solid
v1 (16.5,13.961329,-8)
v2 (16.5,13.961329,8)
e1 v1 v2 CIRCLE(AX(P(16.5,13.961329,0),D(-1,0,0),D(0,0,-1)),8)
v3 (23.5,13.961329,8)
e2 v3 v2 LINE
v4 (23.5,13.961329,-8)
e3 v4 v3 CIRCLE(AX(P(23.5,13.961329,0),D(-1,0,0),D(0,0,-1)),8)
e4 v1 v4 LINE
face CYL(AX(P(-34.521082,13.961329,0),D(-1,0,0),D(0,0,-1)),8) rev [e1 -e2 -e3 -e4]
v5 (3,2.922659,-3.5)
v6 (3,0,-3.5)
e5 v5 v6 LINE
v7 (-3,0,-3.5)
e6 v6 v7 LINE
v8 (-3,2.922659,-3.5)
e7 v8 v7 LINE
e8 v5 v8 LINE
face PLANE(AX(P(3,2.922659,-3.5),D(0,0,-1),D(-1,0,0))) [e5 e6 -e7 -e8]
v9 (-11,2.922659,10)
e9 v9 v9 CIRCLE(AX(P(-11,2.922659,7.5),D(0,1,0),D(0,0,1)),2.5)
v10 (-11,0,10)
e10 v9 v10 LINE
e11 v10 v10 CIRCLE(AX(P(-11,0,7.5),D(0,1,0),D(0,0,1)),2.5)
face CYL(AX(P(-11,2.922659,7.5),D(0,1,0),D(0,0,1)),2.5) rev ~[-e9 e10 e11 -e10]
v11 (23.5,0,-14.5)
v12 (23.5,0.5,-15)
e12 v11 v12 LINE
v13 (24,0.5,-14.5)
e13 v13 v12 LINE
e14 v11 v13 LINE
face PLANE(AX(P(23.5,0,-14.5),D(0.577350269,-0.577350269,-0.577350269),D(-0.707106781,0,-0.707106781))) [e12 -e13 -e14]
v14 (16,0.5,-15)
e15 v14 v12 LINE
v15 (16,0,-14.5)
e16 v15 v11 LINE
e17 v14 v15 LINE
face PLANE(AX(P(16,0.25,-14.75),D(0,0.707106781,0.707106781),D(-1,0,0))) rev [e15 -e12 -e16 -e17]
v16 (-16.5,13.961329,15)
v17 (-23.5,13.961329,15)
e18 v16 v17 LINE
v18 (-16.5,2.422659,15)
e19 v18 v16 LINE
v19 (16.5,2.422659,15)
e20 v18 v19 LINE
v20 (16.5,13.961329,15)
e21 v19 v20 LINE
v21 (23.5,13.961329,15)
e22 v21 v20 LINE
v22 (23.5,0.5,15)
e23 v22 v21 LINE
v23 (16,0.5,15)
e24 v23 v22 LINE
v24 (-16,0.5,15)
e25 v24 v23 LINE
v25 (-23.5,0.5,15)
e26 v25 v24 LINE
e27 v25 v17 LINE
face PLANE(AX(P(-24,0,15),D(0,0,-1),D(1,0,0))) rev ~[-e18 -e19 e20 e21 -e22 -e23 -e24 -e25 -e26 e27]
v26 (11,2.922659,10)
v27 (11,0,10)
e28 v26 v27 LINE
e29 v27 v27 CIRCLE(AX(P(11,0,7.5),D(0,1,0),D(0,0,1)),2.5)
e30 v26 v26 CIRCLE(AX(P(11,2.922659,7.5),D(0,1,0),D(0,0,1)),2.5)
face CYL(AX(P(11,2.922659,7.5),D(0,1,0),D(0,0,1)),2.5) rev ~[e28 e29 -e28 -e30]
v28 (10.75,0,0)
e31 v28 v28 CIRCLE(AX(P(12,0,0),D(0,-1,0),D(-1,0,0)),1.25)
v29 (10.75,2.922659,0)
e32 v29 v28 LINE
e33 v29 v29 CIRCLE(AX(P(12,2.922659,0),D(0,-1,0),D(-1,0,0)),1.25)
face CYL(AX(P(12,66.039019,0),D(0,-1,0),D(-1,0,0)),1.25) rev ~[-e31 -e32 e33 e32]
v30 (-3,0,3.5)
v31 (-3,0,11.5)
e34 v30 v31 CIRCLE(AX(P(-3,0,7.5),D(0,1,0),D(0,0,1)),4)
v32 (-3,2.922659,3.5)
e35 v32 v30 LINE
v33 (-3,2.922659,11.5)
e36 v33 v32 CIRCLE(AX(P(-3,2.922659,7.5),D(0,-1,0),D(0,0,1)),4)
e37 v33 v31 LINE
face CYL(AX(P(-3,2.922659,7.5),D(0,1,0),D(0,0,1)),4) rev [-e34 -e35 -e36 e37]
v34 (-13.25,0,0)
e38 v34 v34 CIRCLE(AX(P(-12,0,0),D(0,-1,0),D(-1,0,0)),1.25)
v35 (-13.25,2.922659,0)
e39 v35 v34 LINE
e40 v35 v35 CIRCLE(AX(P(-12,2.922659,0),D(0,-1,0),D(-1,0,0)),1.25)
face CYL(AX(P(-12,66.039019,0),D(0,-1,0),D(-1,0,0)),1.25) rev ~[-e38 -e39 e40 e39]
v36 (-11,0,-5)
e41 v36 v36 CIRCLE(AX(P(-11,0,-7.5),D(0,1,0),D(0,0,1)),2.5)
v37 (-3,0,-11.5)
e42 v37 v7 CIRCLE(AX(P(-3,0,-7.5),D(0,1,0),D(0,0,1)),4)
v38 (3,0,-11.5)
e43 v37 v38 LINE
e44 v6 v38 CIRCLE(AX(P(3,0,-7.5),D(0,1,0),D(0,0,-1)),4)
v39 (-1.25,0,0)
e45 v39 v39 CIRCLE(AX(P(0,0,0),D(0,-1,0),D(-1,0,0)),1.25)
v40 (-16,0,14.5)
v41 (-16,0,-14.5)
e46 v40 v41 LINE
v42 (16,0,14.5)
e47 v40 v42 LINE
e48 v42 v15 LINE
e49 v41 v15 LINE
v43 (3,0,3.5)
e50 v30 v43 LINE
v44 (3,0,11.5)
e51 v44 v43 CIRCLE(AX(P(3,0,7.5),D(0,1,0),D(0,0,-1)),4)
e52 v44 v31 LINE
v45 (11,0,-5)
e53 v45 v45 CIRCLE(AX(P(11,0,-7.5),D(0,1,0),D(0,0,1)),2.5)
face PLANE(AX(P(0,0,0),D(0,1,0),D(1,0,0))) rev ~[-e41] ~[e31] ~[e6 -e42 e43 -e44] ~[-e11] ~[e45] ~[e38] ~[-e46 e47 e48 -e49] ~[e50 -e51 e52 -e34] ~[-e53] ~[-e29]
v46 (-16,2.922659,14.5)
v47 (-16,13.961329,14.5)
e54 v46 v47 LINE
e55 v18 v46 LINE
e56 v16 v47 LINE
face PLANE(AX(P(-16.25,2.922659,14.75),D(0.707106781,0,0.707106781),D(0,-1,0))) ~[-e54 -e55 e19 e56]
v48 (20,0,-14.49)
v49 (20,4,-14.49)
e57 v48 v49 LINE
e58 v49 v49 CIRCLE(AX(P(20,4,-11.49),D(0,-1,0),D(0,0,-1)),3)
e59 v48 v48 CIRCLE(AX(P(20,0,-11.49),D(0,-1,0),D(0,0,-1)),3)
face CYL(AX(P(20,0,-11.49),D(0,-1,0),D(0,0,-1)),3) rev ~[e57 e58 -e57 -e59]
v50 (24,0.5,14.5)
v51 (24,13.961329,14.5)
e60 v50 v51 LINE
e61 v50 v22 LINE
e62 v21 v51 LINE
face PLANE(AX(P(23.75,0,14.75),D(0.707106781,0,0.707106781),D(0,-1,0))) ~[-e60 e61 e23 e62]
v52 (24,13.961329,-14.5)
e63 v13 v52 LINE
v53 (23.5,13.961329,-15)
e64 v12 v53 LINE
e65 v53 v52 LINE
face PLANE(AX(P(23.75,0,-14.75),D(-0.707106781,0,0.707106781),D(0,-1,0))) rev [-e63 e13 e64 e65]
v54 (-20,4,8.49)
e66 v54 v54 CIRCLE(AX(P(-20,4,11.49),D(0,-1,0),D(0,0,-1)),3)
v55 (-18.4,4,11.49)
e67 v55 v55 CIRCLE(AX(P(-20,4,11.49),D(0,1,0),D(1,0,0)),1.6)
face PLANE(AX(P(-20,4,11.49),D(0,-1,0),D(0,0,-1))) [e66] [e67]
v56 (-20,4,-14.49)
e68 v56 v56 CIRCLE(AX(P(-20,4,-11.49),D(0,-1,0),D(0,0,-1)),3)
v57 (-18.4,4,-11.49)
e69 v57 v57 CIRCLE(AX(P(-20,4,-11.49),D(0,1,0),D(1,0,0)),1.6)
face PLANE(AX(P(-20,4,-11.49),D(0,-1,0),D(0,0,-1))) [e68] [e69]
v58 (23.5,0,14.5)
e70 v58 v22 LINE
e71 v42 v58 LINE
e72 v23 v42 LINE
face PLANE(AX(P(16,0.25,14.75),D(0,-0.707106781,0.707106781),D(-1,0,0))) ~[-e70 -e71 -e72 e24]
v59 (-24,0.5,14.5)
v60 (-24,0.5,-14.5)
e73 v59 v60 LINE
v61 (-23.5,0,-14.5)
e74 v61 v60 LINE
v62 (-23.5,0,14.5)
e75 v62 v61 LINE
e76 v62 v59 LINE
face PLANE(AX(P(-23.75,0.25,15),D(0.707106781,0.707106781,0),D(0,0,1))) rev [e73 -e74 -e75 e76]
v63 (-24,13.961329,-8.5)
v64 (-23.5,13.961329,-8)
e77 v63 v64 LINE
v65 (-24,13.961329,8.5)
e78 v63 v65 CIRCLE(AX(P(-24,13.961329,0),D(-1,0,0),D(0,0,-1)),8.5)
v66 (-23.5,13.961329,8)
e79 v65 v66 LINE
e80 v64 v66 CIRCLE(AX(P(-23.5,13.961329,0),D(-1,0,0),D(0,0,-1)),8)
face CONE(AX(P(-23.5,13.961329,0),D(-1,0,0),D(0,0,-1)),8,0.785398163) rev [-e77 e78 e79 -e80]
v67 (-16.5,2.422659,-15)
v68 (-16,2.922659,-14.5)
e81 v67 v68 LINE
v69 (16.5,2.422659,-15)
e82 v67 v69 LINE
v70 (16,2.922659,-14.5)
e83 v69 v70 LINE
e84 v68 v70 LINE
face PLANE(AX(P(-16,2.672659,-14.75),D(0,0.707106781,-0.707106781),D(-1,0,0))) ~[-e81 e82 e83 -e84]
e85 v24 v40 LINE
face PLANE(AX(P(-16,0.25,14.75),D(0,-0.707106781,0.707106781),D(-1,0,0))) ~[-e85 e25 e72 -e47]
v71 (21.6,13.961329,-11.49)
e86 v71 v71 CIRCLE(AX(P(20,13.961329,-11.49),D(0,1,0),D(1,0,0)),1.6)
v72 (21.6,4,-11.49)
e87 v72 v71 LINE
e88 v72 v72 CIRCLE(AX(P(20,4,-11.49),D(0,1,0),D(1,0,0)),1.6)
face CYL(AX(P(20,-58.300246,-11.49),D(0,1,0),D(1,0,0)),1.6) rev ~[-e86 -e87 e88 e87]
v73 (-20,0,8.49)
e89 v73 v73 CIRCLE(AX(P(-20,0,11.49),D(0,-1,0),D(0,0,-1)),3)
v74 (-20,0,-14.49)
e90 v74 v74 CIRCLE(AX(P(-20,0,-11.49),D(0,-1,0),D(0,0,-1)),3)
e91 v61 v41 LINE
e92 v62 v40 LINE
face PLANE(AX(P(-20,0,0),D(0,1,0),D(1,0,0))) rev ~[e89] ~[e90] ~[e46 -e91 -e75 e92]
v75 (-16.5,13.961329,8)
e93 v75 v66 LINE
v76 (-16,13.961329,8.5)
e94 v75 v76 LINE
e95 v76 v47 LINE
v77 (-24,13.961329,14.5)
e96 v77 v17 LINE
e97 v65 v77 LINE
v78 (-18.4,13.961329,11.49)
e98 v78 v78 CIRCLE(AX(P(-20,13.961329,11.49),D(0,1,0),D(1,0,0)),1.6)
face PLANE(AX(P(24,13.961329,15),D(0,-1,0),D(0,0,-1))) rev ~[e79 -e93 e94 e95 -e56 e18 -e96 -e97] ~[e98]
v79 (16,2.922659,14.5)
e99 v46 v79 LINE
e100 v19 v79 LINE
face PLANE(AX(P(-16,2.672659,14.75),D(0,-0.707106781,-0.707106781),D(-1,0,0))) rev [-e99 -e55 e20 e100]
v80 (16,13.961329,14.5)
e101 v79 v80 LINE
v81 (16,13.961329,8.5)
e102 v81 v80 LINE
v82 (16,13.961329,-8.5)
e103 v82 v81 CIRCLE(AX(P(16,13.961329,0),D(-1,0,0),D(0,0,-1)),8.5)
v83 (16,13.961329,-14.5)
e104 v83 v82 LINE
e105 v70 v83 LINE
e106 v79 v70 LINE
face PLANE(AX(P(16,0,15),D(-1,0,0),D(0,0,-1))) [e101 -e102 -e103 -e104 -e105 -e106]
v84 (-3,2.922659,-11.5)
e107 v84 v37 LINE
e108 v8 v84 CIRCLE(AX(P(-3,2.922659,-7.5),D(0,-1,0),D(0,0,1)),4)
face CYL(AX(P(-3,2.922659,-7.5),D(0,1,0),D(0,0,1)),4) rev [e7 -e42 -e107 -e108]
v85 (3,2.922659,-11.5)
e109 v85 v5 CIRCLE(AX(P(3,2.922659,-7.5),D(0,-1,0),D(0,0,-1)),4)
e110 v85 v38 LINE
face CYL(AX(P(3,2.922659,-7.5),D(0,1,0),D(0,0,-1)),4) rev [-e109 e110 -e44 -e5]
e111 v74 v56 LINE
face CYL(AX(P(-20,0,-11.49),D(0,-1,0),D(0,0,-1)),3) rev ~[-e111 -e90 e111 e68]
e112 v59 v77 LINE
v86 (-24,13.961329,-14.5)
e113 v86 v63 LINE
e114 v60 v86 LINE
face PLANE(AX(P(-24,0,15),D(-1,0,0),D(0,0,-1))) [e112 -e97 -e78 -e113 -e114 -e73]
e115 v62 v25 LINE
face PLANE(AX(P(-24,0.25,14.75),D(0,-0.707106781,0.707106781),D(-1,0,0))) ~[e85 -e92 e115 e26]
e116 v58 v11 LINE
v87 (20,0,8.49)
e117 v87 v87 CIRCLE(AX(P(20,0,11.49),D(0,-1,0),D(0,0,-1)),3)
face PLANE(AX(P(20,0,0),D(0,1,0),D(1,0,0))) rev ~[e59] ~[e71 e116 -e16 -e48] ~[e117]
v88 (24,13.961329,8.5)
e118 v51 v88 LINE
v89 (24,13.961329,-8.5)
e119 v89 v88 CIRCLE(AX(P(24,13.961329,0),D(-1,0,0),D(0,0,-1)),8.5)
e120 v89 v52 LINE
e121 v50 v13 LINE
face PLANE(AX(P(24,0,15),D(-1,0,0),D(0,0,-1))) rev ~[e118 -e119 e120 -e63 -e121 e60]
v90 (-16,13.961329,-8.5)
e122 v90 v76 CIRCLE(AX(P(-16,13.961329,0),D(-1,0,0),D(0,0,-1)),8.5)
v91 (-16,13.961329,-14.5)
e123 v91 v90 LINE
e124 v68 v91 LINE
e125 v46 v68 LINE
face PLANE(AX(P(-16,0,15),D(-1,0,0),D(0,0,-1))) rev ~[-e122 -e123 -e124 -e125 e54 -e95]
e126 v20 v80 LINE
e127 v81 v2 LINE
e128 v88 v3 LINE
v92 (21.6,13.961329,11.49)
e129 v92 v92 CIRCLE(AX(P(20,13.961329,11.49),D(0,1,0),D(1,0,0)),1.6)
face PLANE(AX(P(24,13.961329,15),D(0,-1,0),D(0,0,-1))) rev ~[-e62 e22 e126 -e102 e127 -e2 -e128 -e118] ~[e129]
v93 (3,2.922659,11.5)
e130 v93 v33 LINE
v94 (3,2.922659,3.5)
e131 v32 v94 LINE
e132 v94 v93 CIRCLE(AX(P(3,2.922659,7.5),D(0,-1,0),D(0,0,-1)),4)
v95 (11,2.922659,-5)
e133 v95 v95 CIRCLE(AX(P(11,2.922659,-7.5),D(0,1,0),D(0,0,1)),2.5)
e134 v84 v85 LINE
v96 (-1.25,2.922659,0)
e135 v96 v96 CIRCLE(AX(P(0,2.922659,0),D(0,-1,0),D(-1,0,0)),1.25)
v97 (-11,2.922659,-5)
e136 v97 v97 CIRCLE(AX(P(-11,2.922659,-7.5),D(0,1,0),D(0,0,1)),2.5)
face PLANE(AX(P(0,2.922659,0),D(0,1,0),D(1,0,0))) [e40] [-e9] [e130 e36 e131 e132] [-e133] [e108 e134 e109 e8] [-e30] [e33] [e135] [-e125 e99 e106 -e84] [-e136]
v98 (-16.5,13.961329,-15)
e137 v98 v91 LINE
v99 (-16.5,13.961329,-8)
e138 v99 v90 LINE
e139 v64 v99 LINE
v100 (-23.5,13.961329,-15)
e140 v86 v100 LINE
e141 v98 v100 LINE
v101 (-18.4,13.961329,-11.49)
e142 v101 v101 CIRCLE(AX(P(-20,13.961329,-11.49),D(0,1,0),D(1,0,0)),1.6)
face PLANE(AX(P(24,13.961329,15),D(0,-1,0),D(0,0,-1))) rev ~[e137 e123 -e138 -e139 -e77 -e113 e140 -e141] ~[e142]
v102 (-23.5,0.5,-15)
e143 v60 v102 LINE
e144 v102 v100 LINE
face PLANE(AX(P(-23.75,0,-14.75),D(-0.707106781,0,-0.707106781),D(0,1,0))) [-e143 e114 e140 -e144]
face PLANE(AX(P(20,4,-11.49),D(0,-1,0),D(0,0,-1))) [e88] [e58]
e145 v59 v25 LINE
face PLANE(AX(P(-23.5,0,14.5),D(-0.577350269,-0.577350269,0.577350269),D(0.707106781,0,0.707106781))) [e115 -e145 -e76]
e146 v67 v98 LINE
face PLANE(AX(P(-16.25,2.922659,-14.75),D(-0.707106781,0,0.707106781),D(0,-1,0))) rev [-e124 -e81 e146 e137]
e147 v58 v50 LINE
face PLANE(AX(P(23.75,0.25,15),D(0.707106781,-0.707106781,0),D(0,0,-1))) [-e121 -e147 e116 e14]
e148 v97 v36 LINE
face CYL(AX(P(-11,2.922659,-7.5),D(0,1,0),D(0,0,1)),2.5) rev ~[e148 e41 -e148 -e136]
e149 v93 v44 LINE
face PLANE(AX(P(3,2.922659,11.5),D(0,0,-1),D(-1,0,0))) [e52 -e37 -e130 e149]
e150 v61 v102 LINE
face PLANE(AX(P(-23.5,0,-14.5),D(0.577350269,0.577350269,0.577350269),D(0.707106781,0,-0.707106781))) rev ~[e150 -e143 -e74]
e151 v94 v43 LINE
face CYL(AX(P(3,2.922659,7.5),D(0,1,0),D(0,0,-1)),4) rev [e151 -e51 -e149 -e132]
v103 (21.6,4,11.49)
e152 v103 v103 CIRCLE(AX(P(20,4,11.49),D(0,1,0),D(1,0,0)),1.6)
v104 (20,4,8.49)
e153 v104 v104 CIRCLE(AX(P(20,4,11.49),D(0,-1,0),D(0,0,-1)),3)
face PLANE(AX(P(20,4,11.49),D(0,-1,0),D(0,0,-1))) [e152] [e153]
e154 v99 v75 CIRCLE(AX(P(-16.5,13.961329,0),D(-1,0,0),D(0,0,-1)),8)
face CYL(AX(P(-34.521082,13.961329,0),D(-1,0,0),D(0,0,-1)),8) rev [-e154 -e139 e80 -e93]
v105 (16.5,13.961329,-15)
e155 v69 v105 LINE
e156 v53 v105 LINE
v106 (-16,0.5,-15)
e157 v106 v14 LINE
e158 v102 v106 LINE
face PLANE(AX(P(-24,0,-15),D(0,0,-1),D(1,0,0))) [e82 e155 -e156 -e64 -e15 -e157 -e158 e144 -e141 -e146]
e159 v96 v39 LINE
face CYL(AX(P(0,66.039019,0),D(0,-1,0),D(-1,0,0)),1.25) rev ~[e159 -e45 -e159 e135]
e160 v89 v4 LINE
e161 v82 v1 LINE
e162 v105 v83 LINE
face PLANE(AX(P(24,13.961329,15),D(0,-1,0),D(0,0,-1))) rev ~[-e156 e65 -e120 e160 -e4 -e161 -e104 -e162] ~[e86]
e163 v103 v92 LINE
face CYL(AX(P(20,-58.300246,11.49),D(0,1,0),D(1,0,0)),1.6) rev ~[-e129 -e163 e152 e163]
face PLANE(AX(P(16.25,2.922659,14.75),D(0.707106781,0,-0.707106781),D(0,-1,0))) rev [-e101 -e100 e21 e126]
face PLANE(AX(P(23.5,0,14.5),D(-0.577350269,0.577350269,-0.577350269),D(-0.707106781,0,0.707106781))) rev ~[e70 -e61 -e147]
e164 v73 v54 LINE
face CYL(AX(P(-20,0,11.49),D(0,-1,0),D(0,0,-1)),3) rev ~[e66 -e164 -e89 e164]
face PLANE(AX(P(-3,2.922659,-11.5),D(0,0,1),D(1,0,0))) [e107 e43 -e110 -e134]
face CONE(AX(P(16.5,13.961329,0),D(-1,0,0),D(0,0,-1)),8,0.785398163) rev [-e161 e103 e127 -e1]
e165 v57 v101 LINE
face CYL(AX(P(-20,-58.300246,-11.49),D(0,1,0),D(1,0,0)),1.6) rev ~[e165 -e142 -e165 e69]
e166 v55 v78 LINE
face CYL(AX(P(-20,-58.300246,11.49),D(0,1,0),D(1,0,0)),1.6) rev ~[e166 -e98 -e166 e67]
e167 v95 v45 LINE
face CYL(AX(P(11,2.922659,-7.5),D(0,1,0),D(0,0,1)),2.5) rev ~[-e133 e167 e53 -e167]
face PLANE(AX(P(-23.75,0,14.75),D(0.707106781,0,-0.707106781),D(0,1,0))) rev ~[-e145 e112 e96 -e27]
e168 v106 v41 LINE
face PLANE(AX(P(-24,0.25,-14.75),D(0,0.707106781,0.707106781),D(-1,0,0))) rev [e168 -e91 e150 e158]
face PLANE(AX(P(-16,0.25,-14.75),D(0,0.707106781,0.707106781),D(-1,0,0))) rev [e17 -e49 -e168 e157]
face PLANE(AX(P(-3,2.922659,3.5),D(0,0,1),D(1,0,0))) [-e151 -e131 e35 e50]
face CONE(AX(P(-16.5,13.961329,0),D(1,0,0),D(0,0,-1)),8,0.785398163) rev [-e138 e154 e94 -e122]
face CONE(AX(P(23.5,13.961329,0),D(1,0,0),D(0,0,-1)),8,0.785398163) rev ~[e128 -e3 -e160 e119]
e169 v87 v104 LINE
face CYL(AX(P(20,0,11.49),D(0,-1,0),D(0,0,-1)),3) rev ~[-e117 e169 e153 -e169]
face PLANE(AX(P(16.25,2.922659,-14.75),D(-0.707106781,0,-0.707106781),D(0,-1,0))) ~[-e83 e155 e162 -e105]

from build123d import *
from build123d.topology import SkipClean

# Parameters (mm, degrees)
SKETCH2_W                = 32
SKETCH2_H                = 30
BOSS_EXTRUDE1_DEPTH      = 2.922658801
BOSS_EXTRUDE2_DEPTH      = 25
BOSS_EXTRUDE2_DEPTH_BACK = 2.922659
SKETCH3_W                = 8
SKETCH3_H                = 30
CUT_EXTRUDE1_DEPTH       = 58.521082001
CUT_EXTRUDE1_DEPTH_BACK  = 58.521082001
SKETCH4_R                = 8
M3X0_5_TAPPED_HOLE1_D    = 2.5
SKETCH7_R                = 2.5
CUT_EXTRUDE2_DEPTH       = 38.762415177
SKETCH8_W                = 30
SKETCH8_H                = 18.9613294
CUT_EXTRUDE3_DEPTH       = 58.521082001
M3_CLEARANCE_HOLE1_D     = 3.2
CHAMFER1_SIZE            = 0.5
SKETCH13_R               = 3
CUT_EXTRUDE4_DEPTH       = 4


with BuildPart() as part:
    # Sketch2 → Boss-Extrude1 (new body)
    with BuildSketch(Plane(origin=(0, 0, 0), x_dir=(1, 0, 0), z_dir=(0, 1, 0))):
        Rectangle(SKETCH2_W, SKETCH2_H)
    extrude(amount=BOSS_EXTRUDE1_DEPTH)

    # Sketch3 → Boss-Extrude2 (add, two sides: drawn at the far end of the back side and taken through both)
    with BuildSketch(Plane(origin=(0, 2.922658801, 0), x_dir=(1, 0, 0), z_dir=(0, 1, 0)).offset(-BOSS_EXTRUDE2_DEPTH_BACK)):
        with Locations((-20, 0)):
            Rectangle(SKETCH3_W, SKETCH3_H)
        with Locations((20, 0)):
            Rectangle(SKETCH3_W, SKETCH3_H)
    extrude(amount=BOSS_EXTRUDE2_DEPTH + BOSS_EXTRUDE2_DEPTH_BACK)

    # Sketch4 → Cut-Extrude1 (cut, two sides: drawn at the far end of the back side and taken through both)
    with BuildSketch(Plane(origin=(24, 0, 0), x_dir=(0, 0, -1), z_dir=(1, 0, 0)).offset(-CUT_EXTRUDE1_DEPTH_BACK)):
        with Locations((0, 13.961329401)):
            Circle(SKETCH4_R)
    extrude(amount=CUT_EXTRUDE1_DEPTH + CUT_EXTRUDE1_DEPTH_BACK, mode=Mode.SUBTRACT)

    # M3x0.5 Tapped Hole1 (through all)
    with Locations(Plane(origin=(0, 2.922658801, 0), x_dir=(1, 0, 0), z_dir=(0, 1, 0))):
        with Locations((12, 0), (0, 0), (-12, 0)):
            Hole(M3X0_5_TAPPED_HOLE1_D / 2)

    # Sketch7 → Cut-Extrude2 (cut, through all)
    with BuildSketch(Plane(origin=(0, 2.922658801, 0), x_dir=(1, 0, 0), z_dir=(0, 1, 0))):
        with Locations(Location((-11, 7.5, 0), (0, 0, 270))):
            Circle(SKETCH7_R)
        with Locations(Location((-11, -7.5, 0), (0, 0, 270))):
            Circle(SKETCH7_R)
        with Locations(Location((11, -7.5, 0), (0, 0, 270))):
            Circle(SKETCH7_R)
        with Locations(Location((11, 7.5, 0), (0, 0, 270))):
            Circle(SKETCH7_R)
        with BuildLine():
            Line((-3, 11.5), (3, 11.5))
            ThreePointArc((3, 11.5), (7, 7.5), (3, 3.5))
            Line((3, 3.5), (-3, 3.5))
            ThreePointArc((-3, 3.5), (-7, 7.5), (-3, 11.5))
        make_face()
        with BuildLine():
            Line((-3, -3.5), (3, -3.5))
            ThreePointArc((3, -3.5), (7, -7.5), (3, -11.5))
            Line((3, -11.5), (-3, -11.5))
            ThreePointArc((-3, -11.5), (-7, -7.5), (-3, -3.5))
        make_face()
    extrude(amount=-CUT_EXTRUDE2_DEPTH, mode=Mode.SUBTRACT)

    # Sketch8 → Cut-Extrude3 (cut, through all)
    with BuildSketch(Plane(origin=(24, 0, 0), x_dir=(0, 0, -1), z_dir=(1, 0, 0))):
        with Locations((0, 23.441994101)):
            Rectangle(SKETCH8_W, SKETCH8_H)
    extrude(amount=-CUT_EXTRUDE3_DEPTH, mode=Mode.SUBTRACT)

    # M3 Clearance Hole1 (through all)
    with Locations(Plane(origin=(0, 0, 0), x_dir=(-1, 0, 0), z_dir=(0, -1, 0))):
        with Locations((-20, 11.49), (20, -11.49), (-20, -11.49), (20, 11.49)):
            Hole(M3_CLEARANCE_HOLE1_D / 2)

    # Chamfer1
    chamfer1_edges = [part.edges().sort_by_distance(p)[0] for p in [
        (-16, 5.961329401, 0),
        (-24, 5.961329401, 0),
        (16, 5.961329401, 0),
        (24, 5.961329401, 0),
        (-16, 8.441994101, -15),
        (-16, 8.441994101, 15),
        (-24, 6.980664601, 15),
        (-24, 6.980664601, -15),
        (-24, -1.99e-07, 0),
        (0, 2.922658801, -15),
        (16, 8.441994101, 15),
        (16, 8.441994101, -15),
        (24, 6.980664601, -15),
        (24, 6.980664601, 15),
        (24, -1.99e-07, 0),
        (0, 0, -15),
        (0, 0, 15),
        (0, 2.922658801, 15),
    ]]
    chamfer(chamfer1_edges, length=CHAMFER1_SIZE)

    # Sketch13 → Cut-Extrude4 (cut)
    with SkipClean():  # the faces are left unmerged after this step: merging them gives an invalid solid
        with BuildSketch(Plane.XZ):
            with Locations(Location((20, -11.49, 0), (0, 0, 270))):
                Circle(SKETCH13_R)
            with Locations(Location((-20, -11.49, 0), (0, 0, 270))):
                Circle(SKETCH13_R)
            with Locations(Location((-20, 11.49, 0), (0, 0, 270))):
                Circle(SKETCH13_R)
            with Locations(Location((20, 11.49, 0), (0, 0, 270))):
                Circle(SKETCH13_R)
        extrude(amount=-CUT_EXTRUDE4_DEPTH, mode=Mode.SUBTRACT)


solid = part.part
